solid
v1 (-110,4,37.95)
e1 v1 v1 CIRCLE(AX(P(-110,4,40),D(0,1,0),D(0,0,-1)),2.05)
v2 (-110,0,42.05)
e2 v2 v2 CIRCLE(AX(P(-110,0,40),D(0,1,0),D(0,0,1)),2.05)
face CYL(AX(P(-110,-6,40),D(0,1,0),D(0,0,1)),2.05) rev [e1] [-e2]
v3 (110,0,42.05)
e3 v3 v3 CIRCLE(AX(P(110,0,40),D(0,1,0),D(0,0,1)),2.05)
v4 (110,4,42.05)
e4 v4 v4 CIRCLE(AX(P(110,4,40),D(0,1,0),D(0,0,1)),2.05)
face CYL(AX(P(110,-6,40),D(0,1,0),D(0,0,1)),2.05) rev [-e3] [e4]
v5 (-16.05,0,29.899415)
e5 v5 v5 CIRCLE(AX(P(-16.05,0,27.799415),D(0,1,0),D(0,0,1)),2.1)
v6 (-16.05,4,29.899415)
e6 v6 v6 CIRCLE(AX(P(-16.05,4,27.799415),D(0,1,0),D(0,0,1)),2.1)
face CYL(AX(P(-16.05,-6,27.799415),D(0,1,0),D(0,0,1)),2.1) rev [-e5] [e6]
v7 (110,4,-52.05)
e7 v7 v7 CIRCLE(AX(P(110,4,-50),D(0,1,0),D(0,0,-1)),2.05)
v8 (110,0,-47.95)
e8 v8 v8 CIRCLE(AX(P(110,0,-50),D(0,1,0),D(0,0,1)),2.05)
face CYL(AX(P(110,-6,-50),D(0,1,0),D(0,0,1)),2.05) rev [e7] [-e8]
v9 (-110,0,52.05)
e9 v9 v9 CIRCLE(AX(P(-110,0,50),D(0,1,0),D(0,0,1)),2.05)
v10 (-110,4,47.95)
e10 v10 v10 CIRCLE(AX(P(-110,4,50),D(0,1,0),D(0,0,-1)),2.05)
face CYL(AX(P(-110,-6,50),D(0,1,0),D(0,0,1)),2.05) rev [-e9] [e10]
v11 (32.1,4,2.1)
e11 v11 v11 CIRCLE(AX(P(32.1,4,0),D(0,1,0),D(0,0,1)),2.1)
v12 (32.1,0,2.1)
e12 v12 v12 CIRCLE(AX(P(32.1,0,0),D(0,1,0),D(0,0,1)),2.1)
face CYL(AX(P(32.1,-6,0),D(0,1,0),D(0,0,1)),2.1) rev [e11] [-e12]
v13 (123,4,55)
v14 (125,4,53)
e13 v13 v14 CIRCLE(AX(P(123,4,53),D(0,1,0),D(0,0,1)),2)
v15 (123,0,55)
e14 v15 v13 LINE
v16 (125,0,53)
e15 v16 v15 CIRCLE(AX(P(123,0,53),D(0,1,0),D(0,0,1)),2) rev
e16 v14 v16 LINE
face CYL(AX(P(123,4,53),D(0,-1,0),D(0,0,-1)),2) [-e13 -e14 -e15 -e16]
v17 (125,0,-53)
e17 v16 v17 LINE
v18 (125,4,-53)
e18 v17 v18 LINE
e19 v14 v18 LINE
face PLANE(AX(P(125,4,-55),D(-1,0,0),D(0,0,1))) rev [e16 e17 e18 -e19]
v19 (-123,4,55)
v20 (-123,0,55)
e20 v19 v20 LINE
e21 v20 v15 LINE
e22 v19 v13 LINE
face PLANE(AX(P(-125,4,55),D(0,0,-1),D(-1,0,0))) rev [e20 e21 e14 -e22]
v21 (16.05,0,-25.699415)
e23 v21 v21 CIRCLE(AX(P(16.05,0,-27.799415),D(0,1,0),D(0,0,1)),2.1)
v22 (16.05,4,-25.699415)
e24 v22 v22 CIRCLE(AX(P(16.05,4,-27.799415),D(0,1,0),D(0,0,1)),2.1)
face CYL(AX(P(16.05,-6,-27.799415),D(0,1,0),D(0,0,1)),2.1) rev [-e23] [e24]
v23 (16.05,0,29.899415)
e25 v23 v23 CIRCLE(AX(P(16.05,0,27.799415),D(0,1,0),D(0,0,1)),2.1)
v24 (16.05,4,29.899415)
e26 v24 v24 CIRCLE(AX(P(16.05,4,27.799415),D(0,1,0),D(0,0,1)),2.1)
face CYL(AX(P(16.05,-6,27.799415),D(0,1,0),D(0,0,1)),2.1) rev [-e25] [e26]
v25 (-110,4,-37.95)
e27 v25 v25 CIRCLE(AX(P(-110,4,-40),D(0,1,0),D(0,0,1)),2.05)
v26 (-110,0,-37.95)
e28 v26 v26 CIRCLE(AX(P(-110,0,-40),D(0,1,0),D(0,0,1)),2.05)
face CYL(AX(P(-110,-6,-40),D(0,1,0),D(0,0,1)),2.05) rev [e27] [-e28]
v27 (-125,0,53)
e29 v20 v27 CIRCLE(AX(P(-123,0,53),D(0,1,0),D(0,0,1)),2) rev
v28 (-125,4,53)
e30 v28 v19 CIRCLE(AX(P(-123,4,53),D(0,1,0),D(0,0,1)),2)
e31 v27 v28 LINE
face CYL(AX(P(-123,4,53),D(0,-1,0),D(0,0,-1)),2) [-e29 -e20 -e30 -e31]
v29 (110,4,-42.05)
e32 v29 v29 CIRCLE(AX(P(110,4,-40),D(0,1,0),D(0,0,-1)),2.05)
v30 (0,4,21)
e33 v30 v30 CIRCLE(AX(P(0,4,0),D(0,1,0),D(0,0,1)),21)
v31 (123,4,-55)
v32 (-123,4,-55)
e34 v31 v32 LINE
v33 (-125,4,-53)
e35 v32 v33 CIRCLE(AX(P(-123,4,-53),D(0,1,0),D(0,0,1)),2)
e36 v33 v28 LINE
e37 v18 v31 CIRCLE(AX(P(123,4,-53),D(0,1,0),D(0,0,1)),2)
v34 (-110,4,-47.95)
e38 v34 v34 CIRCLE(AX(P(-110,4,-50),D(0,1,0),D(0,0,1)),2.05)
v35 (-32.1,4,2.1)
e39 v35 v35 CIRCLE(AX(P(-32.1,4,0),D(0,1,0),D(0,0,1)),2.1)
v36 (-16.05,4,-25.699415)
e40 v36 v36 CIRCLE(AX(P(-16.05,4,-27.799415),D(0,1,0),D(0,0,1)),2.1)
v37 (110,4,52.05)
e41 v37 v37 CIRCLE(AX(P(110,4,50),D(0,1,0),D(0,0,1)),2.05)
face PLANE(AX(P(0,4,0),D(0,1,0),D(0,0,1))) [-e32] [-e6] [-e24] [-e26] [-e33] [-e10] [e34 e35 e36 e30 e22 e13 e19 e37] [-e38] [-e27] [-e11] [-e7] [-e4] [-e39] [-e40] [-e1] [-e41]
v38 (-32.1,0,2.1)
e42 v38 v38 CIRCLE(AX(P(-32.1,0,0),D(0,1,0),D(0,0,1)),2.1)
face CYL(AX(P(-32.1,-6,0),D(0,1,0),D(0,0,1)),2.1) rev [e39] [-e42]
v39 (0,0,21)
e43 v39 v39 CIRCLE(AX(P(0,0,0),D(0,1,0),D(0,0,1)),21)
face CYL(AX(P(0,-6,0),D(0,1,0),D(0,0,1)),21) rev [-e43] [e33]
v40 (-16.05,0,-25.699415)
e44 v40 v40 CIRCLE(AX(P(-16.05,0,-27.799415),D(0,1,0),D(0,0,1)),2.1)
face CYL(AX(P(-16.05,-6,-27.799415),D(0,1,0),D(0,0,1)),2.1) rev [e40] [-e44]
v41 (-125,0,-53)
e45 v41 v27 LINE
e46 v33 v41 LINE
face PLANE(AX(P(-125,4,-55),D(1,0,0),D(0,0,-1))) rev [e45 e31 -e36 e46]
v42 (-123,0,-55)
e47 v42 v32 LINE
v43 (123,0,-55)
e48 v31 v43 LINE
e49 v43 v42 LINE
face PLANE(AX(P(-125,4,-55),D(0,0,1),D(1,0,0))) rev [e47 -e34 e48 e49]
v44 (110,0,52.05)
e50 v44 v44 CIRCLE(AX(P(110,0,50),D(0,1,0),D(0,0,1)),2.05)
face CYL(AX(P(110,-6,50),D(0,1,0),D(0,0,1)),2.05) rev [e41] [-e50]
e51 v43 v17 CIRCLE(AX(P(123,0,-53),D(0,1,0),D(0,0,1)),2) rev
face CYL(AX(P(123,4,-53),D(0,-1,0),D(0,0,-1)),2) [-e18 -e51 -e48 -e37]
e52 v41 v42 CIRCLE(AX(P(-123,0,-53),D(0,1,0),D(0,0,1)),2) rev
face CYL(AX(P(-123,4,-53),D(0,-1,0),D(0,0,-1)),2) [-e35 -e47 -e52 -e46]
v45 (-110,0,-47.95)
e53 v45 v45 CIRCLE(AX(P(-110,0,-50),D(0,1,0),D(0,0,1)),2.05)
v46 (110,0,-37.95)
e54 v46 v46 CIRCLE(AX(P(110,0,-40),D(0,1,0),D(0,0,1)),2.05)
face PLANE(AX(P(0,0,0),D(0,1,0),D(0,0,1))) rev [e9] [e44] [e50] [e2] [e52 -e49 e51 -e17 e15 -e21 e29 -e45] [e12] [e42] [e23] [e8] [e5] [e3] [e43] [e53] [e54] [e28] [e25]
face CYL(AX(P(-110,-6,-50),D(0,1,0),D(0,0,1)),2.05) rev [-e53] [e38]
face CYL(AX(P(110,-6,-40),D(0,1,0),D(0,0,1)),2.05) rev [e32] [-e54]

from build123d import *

# Parameters (mm, degrees)
SKETCH_1_W          = 250
SKETCH_1_H          = 110
EXTRUDE_1_DEPTH     = 4
SKETCH_3_R          = 2.1
CUT_EXTRUDE_1_DEPTH = 10
SKETCH_4_R          = 21
CUT_EXTRUDE_2_DEPTH = 10
SKETCH_5_R          = 2.05
CUT_EXTRUDE_3_DEPTH = 10
FILLET_1_R          = 2


with BuildPart() as part:
    # 草图1 → 凸台-拉伸1 (new body)
    with BuildSketch(Plane(origin=(0, 0, 0), x_dir=(1, 0, 0), z_dir=(0, 1, 0))):
        Rectangle(SKETCH_1_W, SKETCH_1_H)
    extrude(amount=EXTRUDE_1_DEPTH)

    # 草图3 → 切除-拉伸1 (cut)
    with BuildSketch(Plane(origin=(0, 4, 0), x_dir=(1, 0, 0), z_dir=(0, 1, 0))):
        with Locations(Location((-32.1, 0, 0), (0, 0, 270))):
            Circle(SKETCH_3_R)
        with Locations(Location((-16.05, 27.799415461, 0), (0, 0, 270))):
            Circle(SKETCH_3_R)
        with Locations(Location((16.05, 27.799415461, 0), (0, 0, 270))):
            Circle(SKETCH_3_R)
        with Locations(Location((32.1, 0, 0), (0, 0, 270))):
            Circle(SKETCH_3_R)
        with Locations(Location((16.05, -27.799415461, 0), (0, 0, 270))):
            Circle(SKETCH_3_R)
        with Locations(Location((-16.05, -27.799415461, 0), (0, 0, 270))):
            Circle(SKETCH_3_R)
    extrude(amount=-CUT_EXTRUDE_1_DEPTH, mode=Mode.SUBTRACT)

    # 草图4 → 切除-拉伸2 (cut)
    with BuildSketch(Plane(origin=(0, 4, 0), x_dir=(1, 0, 0), z_dir=(0, 1, 0))):
        with Locations(Location((0, 0, 0), (0, 0, 270))):
            Circle(SKETCH_4_R)
    extrude(amount=-CUT_EXTRUDE_2_DEPTH, mode=Mode.SUBTRACT)

    # 草图5 → 切除-拉伸3 (cut)
    with BuildSketch(Plane(origin=(0, 4, 0), x_dir=(1, 0, 0), z_dir=(0, 1, 0))):
        with Locations(Location((-110, 50, 0), (0, 0, 270))):
            Circle(SKETCH_5_R)
        with Locations(Location((-110, 40, 0), (0, 0, 270))):
            Circle(SKETCH_5_R)
        with Locations(Location((110, 40, 0), (0, 0, 270))):
            Circle(SKETCH_5_R)
        with Locations(Location((110, 50, 0), (0, 0, 270))):
            Circle(SKETCH_5_R)
        with Locations(Location((110, -50, 0), (0, 0, 270))):
            Circle(SKETCH_5_R)
        with Locations(Location((110, -40, 0), (0, 0, 270))):
            Circle(SKETCH_5_R)
        with Locations(Location((-110, -50, 0), (0, 0, 270))):
            Circle(SKETCH_5_R)
        with Locations(Location((-110, -40, 0), (0, 0, 270))):
            Circle(SKETCH_5_R)
    extrude(amount=-CUT_EXTRUDE_3_DEPTH, mode=Mode.SUBTRACT)

    # 圆角1
    fillet_1_edges = [part.edges().sort_by_distance(p)[0] for p in [
        (125, 2, 55),
        (-125, 2, 55),
        (-125, 2, -55),
        (125, 2, -55),
    ]]
    fillet(fillet_1_edges, radius=FILLET_1_R)


solid = part.part
